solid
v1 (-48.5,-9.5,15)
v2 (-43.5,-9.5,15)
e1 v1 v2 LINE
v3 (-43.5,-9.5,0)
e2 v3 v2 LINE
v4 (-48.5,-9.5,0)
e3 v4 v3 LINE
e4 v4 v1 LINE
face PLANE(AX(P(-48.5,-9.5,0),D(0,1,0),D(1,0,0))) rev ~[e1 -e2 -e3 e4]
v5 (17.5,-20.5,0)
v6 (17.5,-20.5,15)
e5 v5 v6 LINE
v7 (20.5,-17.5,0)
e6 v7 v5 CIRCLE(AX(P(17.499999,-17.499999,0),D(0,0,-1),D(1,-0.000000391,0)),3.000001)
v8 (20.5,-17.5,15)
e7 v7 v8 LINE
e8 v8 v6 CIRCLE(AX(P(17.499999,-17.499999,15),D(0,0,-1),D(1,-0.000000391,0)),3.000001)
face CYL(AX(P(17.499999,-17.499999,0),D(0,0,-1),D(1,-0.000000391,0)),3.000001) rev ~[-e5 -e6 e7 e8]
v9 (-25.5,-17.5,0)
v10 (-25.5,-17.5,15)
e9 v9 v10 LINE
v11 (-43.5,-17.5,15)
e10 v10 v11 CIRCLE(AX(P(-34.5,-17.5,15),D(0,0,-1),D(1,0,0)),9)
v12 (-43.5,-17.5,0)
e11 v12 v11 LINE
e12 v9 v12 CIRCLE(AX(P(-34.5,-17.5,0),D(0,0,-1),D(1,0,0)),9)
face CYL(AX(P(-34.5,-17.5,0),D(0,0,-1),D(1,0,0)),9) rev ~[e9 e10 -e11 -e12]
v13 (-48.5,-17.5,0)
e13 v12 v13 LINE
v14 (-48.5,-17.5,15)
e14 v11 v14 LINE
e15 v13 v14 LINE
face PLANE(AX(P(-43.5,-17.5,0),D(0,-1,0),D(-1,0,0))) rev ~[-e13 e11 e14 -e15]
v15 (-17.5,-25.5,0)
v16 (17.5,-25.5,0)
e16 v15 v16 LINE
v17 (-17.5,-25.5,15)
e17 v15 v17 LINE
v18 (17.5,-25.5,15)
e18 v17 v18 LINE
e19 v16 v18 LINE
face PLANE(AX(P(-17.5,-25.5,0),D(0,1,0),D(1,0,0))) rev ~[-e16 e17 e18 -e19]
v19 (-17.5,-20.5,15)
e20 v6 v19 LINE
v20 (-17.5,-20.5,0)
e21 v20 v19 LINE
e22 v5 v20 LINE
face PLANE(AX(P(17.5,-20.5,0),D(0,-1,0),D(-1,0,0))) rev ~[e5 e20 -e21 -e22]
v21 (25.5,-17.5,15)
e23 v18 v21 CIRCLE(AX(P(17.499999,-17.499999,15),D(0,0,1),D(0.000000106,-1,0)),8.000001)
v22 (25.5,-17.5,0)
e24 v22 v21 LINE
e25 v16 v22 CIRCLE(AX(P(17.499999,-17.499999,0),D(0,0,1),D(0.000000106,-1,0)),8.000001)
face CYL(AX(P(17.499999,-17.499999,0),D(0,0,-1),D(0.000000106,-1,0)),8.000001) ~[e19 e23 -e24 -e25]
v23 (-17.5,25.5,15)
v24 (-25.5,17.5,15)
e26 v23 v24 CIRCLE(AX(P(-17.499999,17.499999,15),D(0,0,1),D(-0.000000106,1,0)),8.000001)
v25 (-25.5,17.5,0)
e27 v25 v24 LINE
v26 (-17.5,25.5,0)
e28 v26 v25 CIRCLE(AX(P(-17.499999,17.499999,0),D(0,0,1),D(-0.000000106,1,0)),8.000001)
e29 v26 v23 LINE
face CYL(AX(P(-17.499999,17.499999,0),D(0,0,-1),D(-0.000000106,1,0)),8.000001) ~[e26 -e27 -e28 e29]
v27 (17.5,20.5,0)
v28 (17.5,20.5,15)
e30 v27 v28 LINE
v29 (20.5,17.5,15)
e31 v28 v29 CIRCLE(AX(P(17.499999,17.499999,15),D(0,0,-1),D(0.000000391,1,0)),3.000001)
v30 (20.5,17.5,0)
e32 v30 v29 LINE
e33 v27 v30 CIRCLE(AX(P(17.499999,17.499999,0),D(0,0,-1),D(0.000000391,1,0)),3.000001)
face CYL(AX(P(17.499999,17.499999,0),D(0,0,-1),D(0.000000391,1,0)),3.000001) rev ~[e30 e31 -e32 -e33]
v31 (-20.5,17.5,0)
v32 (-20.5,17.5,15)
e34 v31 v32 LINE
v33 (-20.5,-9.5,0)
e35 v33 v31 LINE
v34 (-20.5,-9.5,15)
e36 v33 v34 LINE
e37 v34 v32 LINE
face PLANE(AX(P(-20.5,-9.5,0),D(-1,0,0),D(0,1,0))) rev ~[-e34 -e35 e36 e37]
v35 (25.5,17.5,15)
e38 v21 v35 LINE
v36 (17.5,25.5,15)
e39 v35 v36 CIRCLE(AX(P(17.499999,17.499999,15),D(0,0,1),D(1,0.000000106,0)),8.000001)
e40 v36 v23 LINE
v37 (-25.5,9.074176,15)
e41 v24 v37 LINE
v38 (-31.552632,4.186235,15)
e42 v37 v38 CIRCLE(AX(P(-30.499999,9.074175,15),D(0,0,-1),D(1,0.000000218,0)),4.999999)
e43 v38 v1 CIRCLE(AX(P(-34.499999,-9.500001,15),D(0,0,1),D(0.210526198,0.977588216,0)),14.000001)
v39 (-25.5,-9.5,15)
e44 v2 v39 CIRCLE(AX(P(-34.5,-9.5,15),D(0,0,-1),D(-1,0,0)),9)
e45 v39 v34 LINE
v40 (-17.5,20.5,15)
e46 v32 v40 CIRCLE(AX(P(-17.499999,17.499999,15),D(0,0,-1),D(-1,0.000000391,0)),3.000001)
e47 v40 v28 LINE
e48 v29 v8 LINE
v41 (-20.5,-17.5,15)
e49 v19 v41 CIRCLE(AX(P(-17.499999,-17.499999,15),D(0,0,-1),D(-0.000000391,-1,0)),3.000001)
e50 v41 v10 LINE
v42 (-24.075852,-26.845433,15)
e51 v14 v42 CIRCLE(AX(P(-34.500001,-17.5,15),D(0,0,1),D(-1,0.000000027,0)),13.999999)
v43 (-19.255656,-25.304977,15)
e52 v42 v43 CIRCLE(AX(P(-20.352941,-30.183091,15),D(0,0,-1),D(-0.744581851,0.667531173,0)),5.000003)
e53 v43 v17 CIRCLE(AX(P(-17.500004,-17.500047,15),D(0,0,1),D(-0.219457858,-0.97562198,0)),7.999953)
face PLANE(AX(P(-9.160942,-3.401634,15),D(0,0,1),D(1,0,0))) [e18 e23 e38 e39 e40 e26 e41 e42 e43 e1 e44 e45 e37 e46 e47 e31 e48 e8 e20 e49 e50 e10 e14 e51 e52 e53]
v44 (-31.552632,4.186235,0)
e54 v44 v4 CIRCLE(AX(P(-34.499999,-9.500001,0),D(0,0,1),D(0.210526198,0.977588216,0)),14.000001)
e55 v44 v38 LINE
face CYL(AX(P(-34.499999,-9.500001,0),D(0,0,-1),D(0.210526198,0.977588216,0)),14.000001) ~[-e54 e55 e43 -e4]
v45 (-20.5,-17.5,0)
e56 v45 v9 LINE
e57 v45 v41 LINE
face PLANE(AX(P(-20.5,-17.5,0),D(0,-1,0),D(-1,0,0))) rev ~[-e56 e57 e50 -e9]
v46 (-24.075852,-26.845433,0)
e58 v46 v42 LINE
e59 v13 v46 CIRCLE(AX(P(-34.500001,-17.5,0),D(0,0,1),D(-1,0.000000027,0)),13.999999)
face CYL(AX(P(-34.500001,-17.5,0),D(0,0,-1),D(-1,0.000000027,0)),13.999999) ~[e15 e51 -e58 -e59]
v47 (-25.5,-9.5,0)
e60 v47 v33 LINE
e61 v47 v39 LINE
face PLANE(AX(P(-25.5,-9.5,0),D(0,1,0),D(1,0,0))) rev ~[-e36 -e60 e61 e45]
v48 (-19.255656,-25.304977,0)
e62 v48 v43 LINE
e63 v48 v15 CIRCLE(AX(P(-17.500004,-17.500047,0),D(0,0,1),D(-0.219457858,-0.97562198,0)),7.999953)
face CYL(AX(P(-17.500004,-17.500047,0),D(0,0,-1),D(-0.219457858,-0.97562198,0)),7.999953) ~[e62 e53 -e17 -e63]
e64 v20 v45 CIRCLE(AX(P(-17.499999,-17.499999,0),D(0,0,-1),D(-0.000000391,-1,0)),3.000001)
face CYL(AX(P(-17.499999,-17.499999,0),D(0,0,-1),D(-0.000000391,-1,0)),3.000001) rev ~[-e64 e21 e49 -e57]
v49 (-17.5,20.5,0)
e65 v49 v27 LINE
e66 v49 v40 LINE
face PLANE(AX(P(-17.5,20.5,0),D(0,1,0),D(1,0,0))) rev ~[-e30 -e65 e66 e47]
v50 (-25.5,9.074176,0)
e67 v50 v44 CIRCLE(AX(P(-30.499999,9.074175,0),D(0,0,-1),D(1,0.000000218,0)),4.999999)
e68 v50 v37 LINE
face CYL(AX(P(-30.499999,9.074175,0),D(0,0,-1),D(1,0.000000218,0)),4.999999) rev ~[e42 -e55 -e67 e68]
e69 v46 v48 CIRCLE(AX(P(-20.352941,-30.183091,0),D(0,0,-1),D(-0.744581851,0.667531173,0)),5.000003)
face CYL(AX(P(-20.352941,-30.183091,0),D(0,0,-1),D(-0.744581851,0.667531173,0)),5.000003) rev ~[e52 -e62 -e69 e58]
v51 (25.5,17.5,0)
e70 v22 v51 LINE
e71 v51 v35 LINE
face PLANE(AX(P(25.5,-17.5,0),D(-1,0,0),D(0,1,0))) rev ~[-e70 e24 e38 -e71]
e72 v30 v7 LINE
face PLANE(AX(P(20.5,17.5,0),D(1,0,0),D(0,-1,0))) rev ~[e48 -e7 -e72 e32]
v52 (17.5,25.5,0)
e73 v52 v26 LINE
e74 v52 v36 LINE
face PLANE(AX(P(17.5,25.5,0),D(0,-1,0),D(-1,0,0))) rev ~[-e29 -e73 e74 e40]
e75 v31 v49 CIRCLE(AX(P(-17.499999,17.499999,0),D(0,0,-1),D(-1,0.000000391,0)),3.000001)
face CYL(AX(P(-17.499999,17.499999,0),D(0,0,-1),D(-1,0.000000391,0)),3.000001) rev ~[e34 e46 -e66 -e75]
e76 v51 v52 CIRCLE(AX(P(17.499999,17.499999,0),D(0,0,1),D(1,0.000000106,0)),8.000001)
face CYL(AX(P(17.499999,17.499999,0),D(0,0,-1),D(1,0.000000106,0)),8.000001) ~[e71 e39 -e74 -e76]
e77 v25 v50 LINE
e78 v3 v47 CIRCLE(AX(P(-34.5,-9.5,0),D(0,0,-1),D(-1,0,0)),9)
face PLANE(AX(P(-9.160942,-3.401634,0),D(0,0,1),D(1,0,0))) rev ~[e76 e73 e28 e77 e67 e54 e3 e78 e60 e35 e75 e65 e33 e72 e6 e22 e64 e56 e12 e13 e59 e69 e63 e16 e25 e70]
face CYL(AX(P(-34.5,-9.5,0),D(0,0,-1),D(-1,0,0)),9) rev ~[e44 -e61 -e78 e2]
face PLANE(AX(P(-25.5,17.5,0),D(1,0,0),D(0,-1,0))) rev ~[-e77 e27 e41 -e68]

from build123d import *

# Parameters (mm, degrees)
F1_DEPTH = 15


with BuildPart() as f1:
    # F0 (on Top) → F1 (new body)
    with BuildSketch(Plane.XY):
        with BuildLine():
            ThreePointArc((20.5, -17.5), (19.62132, -19.62132), (17.5, -20.5))
            Line((17.5, -20.5), (-17.5, -20.5))
            ThreePointArc((-17.5, -20.5), (-19.62132, -19.62132), (-20.5, -17.5))
            Line((-20.5, -17.5), (-25.5, -17.5))
            ThreePointArc((-25.5, -17.5), (-34.5, -26.5), (-43.5, -17.5))
            Line((-43.5, -17.5), (-48.5, -17.5))
            ThreePointArc((-48.5, -17.5), (-39.503095, -30.575513), (-24.075852, -26.845433))
            ThreePointArc((-24.075852, -26.845433), (-21.875021, -25.420392), (-19.255656, -25.304977))
            ThreePointArc((-19.255656, -25.304977), (-18.383227, -25.451095), (-17.5, -25.5))
            Line((-17.5, -25.5), (17.5, -25.5))
            ThreePointArc((17.5, -25.5), (23.156854, -23.156854), (25.5, -17.5))
            Line((25.5, -17.5), (25.5, 17.5))
            ThreePointArc((25.5, 17.5), (23.156854, 23.156854), (17.5, 25.5))
            Line((17.5, 25.5), (-17.5, 25.5))
            ThreePointArc((-17.5, 25.5), (-23.156854, 23.156854), (-25.5, 17.5))
            Line((-25.5, 17.5), (-25.5, 9.074176))
            ThreePointArc((-25.5, 9.074176), (-27.358596, 5.184242), (-31.552632, 4.186235))
            ThreePointArc((-31.552632, 4.186235), (-43.295932, 1.391812), (-48.5, -9.5))
            Line((-48.5, -9.5), (-43.5, -9.5))
            ThreePointArc((-43.5, -9.5), (-34.5, -0.5), (-25.5, -9.5))
            Line((-25.5, -9.5), (-20.5, -9.5))
            Line((-20.5, -9.5), (-20.5, 17.5))
            ThreePointArc((-20.5, 17.5), (-19.62132, 19.62132), (-17.5, 20.5))
            Line((-17.5, 20.5), (17.5, 20.5))
            ThreePointArc((17.5, 20.5), (19.62132, 19.62132), (20.5, 17.5))
            Line((20.5, 17.5), (20.5, -17.5))
        make_face()
    extrude(amount=F1_DEPTH)


solid = f1.part
